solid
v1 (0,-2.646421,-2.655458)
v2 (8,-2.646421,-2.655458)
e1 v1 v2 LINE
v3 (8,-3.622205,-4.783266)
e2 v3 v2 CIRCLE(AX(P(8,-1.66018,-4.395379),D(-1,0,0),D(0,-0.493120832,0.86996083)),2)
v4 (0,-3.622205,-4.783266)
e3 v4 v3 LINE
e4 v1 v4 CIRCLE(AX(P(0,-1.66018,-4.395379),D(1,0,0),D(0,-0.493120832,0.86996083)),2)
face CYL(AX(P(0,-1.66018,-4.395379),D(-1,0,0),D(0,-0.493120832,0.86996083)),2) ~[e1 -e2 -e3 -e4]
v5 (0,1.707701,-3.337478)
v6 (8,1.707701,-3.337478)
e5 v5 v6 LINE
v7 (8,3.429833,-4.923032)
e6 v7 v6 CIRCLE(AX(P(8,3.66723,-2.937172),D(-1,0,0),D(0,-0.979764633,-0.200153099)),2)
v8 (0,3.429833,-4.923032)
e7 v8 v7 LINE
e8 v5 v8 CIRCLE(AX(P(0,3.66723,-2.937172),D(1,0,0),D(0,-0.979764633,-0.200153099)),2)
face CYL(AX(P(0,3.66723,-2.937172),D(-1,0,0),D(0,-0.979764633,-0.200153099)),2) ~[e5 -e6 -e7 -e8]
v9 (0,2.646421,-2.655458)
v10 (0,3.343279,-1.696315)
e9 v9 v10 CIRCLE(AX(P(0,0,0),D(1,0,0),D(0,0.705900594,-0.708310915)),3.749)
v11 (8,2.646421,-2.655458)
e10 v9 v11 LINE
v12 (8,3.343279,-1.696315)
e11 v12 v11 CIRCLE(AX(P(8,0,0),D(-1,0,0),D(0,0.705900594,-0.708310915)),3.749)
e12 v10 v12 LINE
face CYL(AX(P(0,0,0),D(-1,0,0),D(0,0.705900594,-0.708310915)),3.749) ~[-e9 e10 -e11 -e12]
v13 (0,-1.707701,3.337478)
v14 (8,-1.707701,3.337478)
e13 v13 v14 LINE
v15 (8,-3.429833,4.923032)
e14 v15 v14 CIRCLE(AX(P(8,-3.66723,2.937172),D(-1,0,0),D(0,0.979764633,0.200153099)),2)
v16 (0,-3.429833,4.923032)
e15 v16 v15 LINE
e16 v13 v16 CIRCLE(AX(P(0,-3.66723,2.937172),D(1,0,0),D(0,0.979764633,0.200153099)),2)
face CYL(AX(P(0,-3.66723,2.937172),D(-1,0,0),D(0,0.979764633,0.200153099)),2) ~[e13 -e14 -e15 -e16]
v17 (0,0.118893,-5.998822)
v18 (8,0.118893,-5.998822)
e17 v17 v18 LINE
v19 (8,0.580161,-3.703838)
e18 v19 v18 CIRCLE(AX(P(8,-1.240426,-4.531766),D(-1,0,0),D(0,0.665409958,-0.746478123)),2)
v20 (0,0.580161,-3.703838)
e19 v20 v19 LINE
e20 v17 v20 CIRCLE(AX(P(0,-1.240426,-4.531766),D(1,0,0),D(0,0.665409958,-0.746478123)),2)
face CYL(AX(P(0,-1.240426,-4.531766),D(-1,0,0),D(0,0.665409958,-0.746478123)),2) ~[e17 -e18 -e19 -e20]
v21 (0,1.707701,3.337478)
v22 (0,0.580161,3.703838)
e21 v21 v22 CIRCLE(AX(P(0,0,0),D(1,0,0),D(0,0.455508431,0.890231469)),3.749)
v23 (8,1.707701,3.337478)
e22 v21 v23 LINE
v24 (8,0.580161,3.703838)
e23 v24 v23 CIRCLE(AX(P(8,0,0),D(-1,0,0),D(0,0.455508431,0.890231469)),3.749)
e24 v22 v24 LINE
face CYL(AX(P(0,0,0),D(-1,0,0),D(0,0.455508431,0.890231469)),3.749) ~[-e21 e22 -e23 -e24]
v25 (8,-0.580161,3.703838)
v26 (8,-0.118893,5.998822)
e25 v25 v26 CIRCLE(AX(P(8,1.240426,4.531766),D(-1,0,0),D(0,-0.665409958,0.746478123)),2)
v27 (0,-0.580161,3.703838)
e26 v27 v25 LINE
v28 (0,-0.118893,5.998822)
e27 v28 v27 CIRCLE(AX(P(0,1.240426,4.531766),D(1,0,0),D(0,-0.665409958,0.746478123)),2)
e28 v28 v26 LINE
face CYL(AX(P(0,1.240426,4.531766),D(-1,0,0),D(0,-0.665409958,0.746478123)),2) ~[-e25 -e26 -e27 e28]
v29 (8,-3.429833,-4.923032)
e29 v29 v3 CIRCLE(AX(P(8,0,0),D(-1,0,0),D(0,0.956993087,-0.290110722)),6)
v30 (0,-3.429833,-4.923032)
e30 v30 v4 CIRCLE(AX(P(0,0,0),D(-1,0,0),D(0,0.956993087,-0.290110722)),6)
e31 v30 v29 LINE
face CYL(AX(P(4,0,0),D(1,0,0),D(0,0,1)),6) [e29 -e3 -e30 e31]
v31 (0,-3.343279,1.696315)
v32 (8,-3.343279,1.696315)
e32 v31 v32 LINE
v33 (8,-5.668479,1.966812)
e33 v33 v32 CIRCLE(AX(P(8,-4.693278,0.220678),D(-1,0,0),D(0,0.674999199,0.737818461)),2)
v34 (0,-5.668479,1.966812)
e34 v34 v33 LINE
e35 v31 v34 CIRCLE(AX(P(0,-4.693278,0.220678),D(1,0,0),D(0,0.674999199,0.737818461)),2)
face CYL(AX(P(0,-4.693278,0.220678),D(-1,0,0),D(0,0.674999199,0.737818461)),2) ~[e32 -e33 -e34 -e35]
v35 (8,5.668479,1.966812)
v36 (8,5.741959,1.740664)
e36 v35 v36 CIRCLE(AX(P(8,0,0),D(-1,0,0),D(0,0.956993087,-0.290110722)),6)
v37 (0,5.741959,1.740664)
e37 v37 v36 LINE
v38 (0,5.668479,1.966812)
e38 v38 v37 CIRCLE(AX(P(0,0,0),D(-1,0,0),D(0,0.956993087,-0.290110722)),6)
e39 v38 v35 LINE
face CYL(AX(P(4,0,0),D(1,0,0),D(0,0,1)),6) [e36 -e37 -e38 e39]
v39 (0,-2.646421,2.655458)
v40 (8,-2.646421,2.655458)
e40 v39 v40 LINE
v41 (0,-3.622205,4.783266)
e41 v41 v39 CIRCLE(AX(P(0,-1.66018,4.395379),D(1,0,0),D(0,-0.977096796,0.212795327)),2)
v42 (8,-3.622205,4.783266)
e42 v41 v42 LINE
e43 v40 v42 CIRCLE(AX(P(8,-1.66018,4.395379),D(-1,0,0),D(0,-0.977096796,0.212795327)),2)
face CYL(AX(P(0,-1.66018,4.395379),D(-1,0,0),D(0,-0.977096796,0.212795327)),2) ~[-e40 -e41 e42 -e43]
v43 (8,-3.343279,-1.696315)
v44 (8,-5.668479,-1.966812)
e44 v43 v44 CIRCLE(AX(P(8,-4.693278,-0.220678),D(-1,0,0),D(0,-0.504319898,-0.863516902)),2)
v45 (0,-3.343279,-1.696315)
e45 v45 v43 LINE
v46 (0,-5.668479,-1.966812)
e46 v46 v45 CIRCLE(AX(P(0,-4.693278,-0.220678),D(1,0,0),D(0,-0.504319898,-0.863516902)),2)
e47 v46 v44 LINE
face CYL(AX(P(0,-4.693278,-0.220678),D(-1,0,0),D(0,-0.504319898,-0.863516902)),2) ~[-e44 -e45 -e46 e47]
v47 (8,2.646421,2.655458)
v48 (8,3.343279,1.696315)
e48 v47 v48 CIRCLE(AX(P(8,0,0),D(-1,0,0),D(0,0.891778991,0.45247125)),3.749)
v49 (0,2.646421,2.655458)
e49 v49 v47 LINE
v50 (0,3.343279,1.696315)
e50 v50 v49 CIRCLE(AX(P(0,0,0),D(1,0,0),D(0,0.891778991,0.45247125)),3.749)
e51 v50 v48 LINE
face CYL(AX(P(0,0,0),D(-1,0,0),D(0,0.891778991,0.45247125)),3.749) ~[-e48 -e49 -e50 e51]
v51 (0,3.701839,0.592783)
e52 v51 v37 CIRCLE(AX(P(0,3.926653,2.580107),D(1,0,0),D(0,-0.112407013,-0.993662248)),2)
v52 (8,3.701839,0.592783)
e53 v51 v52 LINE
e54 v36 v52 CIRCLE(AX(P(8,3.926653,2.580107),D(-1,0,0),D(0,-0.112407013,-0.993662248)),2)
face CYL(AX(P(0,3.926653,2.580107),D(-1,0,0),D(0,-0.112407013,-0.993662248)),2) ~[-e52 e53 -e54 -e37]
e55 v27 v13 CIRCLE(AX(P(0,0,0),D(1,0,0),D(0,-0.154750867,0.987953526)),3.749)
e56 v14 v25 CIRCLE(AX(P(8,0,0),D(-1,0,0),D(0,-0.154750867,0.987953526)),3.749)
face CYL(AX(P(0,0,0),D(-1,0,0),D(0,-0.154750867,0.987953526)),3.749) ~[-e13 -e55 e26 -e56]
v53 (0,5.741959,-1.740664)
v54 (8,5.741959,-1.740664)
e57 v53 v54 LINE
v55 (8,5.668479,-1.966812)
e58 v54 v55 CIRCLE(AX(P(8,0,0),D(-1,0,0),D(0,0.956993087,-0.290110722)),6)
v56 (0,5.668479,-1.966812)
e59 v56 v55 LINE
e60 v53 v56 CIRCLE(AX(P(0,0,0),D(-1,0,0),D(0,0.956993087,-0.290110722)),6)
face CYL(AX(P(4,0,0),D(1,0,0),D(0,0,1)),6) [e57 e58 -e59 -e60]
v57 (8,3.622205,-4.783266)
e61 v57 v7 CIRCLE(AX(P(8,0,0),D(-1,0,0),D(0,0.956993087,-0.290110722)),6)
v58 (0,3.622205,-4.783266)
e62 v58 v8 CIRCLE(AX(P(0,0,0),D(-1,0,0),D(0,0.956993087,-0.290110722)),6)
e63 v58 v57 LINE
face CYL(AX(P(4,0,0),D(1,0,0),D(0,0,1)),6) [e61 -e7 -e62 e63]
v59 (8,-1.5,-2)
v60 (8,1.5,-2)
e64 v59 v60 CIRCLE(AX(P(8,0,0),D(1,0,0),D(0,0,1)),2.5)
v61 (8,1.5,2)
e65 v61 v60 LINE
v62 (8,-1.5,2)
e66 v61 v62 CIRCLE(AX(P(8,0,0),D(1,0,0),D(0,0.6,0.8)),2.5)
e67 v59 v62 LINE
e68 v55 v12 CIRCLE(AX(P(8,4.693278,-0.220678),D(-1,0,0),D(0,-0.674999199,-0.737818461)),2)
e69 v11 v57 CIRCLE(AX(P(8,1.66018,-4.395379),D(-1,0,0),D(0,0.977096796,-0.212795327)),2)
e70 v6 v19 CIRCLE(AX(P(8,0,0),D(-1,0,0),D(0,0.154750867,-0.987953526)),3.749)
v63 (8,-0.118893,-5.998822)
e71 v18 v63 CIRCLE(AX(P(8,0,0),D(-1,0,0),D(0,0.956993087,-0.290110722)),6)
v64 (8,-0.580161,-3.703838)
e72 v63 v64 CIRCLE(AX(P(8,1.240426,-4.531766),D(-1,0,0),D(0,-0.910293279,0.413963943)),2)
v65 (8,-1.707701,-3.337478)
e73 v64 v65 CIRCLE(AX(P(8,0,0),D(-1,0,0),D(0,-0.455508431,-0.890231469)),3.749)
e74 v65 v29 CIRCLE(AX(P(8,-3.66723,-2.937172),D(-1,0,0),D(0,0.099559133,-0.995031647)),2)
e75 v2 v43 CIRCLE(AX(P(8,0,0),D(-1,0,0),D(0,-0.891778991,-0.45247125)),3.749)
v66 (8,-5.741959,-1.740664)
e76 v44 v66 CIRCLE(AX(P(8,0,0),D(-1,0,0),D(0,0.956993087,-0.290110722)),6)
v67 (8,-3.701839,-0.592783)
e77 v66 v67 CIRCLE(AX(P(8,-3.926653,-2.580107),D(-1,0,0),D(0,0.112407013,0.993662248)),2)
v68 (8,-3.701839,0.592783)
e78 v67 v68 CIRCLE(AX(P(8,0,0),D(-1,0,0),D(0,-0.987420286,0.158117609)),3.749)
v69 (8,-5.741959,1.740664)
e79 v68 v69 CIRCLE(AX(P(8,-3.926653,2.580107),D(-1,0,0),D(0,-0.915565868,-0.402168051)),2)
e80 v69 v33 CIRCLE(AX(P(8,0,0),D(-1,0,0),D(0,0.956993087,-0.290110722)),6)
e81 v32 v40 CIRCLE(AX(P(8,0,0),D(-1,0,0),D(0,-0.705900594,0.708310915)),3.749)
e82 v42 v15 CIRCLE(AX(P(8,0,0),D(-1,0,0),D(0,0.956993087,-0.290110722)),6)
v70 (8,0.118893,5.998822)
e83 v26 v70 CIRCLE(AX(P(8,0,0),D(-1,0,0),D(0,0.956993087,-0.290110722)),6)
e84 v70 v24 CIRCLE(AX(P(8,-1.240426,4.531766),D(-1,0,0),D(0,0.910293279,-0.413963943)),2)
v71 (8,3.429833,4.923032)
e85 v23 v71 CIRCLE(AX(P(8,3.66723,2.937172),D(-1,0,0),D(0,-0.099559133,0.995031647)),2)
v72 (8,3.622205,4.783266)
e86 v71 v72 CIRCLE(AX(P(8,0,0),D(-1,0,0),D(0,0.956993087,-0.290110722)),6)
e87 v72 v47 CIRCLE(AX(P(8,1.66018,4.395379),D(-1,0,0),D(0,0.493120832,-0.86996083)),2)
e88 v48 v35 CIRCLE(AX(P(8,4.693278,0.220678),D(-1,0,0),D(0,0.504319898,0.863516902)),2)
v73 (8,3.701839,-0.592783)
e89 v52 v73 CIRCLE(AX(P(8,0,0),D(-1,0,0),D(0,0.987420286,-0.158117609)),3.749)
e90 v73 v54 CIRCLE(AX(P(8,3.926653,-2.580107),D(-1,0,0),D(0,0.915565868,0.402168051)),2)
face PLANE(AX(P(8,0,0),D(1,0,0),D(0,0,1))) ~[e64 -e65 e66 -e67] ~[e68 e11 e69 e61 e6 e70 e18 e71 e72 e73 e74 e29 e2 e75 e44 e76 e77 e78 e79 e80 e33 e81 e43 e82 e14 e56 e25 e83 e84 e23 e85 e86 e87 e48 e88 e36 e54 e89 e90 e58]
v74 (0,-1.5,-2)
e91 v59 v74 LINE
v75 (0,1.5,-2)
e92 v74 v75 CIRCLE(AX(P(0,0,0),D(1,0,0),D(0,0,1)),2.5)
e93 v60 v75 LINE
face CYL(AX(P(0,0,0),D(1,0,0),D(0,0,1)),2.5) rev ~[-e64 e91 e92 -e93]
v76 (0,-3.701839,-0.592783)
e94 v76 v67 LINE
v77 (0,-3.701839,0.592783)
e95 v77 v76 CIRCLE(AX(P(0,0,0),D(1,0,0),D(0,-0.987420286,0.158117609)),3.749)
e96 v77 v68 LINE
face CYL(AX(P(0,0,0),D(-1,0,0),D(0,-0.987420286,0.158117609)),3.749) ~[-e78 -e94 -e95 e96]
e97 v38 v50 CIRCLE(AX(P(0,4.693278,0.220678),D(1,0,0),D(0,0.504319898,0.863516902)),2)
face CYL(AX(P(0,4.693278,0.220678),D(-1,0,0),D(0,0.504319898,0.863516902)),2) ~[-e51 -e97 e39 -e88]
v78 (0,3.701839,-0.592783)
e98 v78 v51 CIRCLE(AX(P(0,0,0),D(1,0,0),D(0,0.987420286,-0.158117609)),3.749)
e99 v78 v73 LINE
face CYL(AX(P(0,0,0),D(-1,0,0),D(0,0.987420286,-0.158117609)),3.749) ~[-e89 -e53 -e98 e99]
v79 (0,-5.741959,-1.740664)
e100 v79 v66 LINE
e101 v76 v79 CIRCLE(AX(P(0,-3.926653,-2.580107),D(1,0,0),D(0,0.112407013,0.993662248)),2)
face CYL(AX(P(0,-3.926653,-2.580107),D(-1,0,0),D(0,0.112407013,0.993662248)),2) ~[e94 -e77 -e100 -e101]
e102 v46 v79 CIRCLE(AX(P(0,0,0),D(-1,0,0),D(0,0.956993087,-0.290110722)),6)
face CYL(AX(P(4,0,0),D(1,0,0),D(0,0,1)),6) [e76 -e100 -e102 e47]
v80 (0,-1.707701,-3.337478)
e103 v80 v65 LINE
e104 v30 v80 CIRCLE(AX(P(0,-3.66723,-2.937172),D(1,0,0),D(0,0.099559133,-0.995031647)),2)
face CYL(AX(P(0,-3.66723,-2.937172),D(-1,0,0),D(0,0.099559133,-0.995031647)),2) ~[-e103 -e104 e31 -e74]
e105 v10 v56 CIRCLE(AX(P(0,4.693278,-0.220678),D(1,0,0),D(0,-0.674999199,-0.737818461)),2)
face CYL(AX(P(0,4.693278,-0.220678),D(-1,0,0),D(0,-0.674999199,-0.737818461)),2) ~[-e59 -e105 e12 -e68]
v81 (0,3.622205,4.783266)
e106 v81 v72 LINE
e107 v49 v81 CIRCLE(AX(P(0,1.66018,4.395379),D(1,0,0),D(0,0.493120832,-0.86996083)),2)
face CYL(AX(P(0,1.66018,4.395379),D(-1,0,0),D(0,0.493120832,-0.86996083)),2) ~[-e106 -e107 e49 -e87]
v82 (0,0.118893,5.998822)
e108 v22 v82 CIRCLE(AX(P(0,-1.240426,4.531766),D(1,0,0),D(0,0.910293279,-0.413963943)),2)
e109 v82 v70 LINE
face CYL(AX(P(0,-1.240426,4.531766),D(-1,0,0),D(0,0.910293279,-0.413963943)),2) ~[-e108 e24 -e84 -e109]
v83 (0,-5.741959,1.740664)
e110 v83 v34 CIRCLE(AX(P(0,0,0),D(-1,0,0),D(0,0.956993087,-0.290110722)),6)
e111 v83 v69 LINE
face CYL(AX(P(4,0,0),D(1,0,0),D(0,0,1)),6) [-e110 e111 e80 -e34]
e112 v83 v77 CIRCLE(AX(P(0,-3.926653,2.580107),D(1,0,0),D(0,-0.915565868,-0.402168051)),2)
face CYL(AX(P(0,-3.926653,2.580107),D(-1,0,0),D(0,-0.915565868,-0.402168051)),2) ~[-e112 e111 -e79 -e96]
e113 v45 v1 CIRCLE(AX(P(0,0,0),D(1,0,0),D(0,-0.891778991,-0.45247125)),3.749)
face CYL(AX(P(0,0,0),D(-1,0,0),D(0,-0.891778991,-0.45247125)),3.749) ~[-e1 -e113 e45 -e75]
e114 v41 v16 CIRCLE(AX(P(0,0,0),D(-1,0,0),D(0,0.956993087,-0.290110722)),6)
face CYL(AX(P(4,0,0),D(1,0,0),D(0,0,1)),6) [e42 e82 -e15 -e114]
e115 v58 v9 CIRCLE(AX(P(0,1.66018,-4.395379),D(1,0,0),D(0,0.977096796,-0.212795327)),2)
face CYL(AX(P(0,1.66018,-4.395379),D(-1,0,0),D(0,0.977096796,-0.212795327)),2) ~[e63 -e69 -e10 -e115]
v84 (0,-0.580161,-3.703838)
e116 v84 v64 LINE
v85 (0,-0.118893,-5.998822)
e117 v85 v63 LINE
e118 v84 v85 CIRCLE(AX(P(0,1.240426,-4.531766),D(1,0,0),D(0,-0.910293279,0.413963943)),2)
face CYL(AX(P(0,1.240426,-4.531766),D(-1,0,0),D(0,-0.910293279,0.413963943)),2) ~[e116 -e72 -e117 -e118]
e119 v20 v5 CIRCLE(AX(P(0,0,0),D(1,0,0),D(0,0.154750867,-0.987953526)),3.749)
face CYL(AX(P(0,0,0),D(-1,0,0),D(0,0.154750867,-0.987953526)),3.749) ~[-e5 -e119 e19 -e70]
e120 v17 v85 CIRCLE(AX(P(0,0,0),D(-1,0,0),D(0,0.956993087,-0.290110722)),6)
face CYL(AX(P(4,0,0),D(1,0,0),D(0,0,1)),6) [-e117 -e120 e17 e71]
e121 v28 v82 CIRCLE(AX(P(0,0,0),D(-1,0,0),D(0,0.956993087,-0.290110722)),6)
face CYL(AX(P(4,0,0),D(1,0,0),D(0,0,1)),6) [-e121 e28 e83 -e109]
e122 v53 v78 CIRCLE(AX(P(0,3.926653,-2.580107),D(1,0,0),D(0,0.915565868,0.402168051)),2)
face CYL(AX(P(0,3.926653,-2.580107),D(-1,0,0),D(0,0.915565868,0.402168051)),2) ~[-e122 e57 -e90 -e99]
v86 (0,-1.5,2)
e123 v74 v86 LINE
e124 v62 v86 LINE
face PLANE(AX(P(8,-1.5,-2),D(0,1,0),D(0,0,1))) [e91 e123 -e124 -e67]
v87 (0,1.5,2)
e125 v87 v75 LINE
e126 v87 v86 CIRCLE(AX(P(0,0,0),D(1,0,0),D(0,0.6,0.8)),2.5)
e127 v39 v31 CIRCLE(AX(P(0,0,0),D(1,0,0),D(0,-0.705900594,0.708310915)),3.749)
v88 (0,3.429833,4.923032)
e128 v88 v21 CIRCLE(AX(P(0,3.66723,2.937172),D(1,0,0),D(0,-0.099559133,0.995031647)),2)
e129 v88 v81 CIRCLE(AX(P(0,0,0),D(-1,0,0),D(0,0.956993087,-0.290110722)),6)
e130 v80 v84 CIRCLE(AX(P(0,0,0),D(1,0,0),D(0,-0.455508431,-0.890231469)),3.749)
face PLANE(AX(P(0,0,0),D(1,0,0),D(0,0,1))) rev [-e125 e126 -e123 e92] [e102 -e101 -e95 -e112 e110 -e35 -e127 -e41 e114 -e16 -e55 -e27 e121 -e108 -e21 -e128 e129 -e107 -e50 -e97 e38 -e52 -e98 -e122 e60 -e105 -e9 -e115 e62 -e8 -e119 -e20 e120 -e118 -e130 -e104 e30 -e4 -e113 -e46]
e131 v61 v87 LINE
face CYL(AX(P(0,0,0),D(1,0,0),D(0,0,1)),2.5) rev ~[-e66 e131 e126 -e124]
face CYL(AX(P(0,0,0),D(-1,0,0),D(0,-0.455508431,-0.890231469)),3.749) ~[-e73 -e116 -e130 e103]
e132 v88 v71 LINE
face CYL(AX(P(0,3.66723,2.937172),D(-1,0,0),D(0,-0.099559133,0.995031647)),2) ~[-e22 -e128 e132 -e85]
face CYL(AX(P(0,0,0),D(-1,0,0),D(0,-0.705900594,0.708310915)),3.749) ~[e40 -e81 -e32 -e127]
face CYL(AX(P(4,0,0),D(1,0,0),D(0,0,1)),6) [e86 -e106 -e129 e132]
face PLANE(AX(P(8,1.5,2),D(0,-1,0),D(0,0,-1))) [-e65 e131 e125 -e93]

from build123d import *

# Parameters (mm, degrees)
BASPROSKE_W              = 8
BASPROSKE_H              = 6
TOOTHCUT_DEPTH           = 12.66190379
TEETHCUTS_COUNT          = 10
TEETHCUTS_ANGLE          = 324
BORSKE_R                 = 2.5
BORE_DEPTH               = 50.0000508
RESSALTO_EXTRUS_O3_DEPTH = 8


with BuildPart() as part:
    # BasProSke → Base-Revolve (revolve)
    with BuildSketch(Plane(origin=(0, 0, 0), x_dir=(1, 0, 0), z_dir=(0, 1, 0)), mode=Mode.PRIVATE) as base_revolve_sk:
        with Locations((4, 3)):
            Rectangle(BASPROSKE_W, BASPROSKE_H)
    revolve(base_revolve_sk.sketch.rotate(Axis((-10, 0, 0), (1, 0, 0)), 180), axis=Axis((-10, 0, 0), (1, 0, 0)))

    # TooCutSke → ToothCut (cut, through all)
    with BuildSketch(Plane(origin=(0, 0, 0), x_dir=(0, 0, -1), z_dir=(1, 0, 0))):
        with BuildLine():
            ThreePointArc((0.59278292, 3.701838653), (0, 3.749), (-0.59278292, 3.701838653))
            ThreePointArc((-0.59278292, 3.701838653), (-0.846593509, 4.924114224), (-1.775771316, 5.757784417))
            ThreePointArc((-1.775771316, 5.757784417), (0, 6.0254), (1.775771316, 5.757784417))
            ThreePointArc((1.775771316, 5.757784417), (0.846593509, 4.924114224), (0.59278292, 3.701838653))
        make_face()
    toothcut = extrude(amount=TOOTHCUT_DEPTH, mode=Mode.SUBTRACT)

    # TeethCuts: ToothCut ×10 about axis
    teethcuts_axis = Axis((-10, 0, 0), (1, 0, 0))
    for i in range(1, TEETHCUTS_COUNT):
        add(toothcut.rotate(teethcuts_axis, i * TEETHCUTS_ANGLE / (TEETHCUTS_COUNT - 1)), mode=Mode.SUBTRACT)

    # BorSke → Bore (cut, symmetric)
    with BuildSketch(Plane(origin=(0, 0, 0), x_dir=(0, 0, -1), z_dir=(1, 0, 0))):
        with Locations(Location((0, 0, 0), (0, 0, 180))):
            Circle(BORSKE_R)
    extrude(amount=BORE_DEPTH, both=True, mode=Mode.SUBTRACT)

    # Esboço1 → Ressalto-extrusão3 (add)
    with BuildSketch(Plane(origin=(8, 0, 0), x_dir=(0, 0, -1), z_dir=(1, 0, 0))):
        with BuildLine():
            ThreePointArc((2, 1.5), (0, 2.5), (-2, 1.5))
            Line((-2, 1.5), (2, 1.5))
        make_face()
        with BuildLine():
            Line((2, -1.5), (-2, -1.5))
            ThreePointArc((-2, -1.5), (0, -2.5), (2, -1.5))
        make_face()
    extrude(amount=-RESSALTO_EXTRUS_O3_DEPTH)


solid = part.part
